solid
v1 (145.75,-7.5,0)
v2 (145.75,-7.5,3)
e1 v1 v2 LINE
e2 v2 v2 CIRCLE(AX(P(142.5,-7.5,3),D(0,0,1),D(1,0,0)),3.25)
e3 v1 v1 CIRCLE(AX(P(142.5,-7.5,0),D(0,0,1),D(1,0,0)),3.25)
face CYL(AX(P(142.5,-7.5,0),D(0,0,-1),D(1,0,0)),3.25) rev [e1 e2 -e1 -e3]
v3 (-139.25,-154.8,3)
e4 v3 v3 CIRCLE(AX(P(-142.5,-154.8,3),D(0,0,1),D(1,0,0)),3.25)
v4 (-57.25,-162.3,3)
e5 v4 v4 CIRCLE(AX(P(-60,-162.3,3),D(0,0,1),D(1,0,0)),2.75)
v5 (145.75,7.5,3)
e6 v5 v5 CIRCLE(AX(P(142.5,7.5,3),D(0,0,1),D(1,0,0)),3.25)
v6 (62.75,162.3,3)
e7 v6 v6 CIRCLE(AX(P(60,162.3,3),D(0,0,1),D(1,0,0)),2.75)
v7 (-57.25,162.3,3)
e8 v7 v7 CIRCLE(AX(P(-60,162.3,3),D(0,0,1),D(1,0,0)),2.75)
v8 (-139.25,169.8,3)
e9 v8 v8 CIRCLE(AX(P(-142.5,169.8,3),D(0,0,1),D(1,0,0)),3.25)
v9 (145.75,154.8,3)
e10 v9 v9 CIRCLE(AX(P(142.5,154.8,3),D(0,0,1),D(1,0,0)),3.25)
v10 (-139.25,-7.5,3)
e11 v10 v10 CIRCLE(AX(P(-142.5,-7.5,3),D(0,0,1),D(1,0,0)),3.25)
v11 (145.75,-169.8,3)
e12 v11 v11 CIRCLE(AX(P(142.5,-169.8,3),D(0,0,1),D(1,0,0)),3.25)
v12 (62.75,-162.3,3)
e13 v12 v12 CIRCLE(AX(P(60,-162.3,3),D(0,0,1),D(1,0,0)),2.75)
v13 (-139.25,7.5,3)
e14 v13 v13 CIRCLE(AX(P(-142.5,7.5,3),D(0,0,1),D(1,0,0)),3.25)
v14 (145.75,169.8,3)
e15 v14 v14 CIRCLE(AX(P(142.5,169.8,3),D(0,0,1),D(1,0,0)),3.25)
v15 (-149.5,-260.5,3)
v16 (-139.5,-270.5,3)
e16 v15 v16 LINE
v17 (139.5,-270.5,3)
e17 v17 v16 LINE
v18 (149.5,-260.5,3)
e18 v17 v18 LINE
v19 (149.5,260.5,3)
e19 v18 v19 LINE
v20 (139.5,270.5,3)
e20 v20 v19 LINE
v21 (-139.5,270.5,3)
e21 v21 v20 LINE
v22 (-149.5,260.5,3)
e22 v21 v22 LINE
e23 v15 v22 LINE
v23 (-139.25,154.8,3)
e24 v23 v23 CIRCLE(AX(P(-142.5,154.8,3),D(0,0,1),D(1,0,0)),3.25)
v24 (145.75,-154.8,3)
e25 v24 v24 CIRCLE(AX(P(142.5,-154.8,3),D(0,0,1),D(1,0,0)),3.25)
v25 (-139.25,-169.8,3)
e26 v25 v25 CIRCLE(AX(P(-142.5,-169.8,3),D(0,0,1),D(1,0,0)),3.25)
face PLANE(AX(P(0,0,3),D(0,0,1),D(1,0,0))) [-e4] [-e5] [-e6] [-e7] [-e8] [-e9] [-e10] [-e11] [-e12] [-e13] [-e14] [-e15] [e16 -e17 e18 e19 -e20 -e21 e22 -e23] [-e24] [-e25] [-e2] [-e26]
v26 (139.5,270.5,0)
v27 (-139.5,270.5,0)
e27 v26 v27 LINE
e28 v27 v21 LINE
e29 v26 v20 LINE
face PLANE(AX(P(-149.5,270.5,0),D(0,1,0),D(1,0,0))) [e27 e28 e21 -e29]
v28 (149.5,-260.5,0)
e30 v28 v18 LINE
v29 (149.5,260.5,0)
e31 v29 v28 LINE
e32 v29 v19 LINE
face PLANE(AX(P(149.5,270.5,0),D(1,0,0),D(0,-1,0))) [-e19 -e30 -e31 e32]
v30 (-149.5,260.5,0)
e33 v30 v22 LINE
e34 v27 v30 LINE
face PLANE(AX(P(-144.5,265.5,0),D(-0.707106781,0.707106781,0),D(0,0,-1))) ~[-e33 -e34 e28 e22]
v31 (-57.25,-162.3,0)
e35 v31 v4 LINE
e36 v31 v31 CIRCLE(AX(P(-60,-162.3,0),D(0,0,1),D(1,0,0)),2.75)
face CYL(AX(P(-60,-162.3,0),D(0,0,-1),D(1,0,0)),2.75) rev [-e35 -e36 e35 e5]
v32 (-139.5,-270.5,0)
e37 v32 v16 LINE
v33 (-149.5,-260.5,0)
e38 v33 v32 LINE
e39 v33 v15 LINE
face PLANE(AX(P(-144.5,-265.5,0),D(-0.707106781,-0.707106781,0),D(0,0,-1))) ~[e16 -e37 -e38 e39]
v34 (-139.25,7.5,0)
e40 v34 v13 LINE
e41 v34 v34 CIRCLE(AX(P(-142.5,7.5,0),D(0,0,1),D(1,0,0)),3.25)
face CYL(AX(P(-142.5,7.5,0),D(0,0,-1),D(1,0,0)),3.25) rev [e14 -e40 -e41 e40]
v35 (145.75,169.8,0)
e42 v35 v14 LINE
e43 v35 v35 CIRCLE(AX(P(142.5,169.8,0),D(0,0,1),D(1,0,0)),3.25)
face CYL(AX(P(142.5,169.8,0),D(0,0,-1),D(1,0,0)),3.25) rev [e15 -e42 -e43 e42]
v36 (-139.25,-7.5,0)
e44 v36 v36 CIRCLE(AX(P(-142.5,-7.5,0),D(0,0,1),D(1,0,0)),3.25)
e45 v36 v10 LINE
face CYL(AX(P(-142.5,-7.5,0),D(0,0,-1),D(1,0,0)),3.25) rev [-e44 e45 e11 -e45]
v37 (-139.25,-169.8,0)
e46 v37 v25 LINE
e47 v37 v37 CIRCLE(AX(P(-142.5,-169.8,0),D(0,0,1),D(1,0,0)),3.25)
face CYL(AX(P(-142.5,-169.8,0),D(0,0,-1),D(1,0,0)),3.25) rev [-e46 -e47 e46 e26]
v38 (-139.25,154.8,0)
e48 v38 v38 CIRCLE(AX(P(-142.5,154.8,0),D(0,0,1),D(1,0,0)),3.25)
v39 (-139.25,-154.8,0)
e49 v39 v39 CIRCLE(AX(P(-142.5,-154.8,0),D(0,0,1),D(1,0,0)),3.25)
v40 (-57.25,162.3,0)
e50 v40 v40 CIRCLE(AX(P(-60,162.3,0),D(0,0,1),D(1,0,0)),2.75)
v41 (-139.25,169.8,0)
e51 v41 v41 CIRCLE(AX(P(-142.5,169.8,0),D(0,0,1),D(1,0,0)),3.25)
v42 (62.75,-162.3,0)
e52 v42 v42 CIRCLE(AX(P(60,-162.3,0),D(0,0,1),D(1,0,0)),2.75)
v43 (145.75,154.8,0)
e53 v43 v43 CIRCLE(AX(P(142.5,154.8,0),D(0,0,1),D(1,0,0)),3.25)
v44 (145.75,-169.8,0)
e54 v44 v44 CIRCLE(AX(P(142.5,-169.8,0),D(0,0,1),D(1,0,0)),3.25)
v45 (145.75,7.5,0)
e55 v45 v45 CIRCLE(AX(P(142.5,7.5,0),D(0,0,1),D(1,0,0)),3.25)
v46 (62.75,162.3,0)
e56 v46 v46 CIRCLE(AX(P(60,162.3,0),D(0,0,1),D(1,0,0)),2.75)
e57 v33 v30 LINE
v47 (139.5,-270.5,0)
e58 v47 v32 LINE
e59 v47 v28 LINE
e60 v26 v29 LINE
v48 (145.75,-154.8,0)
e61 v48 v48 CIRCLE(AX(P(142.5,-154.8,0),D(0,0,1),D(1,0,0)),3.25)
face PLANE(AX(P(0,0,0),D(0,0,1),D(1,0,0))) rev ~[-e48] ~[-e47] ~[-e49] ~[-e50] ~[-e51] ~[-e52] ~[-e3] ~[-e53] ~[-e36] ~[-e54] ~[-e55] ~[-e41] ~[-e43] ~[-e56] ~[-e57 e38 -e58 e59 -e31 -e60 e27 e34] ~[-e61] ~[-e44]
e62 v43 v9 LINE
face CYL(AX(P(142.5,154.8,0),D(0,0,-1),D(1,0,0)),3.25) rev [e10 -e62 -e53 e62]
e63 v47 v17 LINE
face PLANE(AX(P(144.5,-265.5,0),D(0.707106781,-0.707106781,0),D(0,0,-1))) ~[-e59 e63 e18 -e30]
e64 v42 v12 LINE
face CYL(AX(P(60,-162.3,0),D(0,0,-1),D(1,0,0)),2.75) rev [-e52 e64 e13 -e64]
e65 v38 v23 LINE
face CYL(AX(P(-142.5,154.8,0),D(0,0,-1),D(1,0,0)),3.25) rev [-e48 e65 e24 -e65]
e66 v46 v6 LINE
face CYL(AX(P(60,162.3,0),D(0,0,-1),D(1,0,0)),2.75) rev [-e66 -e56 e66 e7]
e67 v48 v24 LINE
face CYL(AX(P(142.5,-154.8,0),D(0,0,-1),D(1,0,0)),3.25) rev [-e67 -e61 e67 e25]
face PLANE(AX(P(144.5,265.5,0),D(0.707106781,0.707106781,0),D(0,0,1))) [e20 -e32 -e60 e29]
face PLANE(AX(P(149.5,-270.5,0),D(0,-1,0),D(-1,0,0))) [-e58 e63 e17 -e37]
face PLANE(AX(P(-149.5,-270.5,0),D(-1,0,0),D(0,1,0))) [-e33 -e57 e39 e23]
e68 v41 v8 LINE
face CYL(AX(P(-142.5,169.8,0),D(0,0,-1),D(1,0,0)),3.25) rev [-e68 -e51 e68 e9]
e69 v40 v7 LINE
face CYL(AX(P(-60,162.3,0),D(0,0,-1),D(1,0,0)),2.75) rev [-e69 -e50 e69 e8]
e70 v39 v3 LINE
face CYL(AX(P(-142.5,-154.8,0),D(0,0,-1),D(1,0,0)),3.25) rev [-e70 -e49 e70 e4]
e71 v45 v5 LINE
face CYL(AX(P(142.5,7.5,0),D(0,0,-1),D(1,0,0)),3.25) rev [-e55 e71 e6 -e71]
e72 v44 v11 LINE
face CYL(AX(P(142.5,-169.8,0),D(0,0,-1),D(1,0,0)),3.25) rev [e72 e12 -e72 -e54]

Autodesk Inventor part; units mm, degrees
ref_plane "YZ Plane" through (0, 0, 0) normal (1, 0, 0) x (0, 1, 0)
ref_plane "XZ Plane" through (0, 0, 0) normal (0, 1, 0) x (-1, 0, 0)
ref_plane "XY Plane" through (0, 0, 0) normal (0, 0, 1) x (1, 0, 0)
sketch "Skizze1" plane through (0, 0, 0) normal (0, 0, 1) x (1, 0, 0)
  line L0 (-149.5, 270.5) -> (149.5, 270.5)
  line L1 (149.5, 270.5) -> (149.5, -270.5)
  line L2 (149.5, -270.5) -> (-149.5, -270.5)
  line L3 (-149.5, -270.5) -> (-149.5, 270.5)
  line L4 (-149.5, 270.5) -> (149.5, -270.5) construction
  line L5 (149.5, 270.5) -> (-149.5, -270.5) construction
  line L6 (-74.75, 270.5) -> (-74.75, -270.5) construction
  line L7 (0, 396.7) -> (0, -381.7) construction
  line L8 (-142.5, 270.5) -> (-142.5, -270.5) construction
  line L9 (-149.5, -162.3) -> (149.5, -162.3) construction
  circle A0 centre (-142.5, -154.8) radius 3.25
  circle A1 centre (-142.5, -169.8) radius 3.25
  line L10 (-222.3, 0) -> (287.3, 0) construction
  circle A2 centre (-142.5, 7.5) radius 3.25
  circle A3 centre (-142.5, -7.5) radius 3.25
  circle A4 centre (-142.5, 154.8) radius 3.25
  circle A5 centre (-142.5, 169.8) radius 3.25
  circle A6 centre (142.5, -154.8) radius 3.25
  circle A7 centre (142.5, -169.8) radius 3.25
  circle A8 centre (142.5, 7.5) radius 3.25
  circle A9 centre (142.5, -7.5) radius 3.25
  circle A10 centre (142.5, 169.8) radius 3.25
  circle A11 centre (142.5, 154.8) radius 3.25
  circle A12 centre (-60, -162.3) radius 2.75
  circle A13 centre (60, -162.3) radius 2.75
  circle A14 centre (-60, 162.3) radius 2.75
  circle A15 centre (60, 162.3) radius 2.75
  line L11 (214.5, 285.5) -> (84.5, 285.5) construction
  line L12 (84.5, 285.5) -> (84.5, 255.5)
  line L13 (84.5, 255.5) -> (214.5, 255.5)
  line L14 (214.5, 255.5) -> (214.5, 285.5) construction
  line L15 (214.5, 285.5) -> (84.5, 255.5) construction
  line L16 (84.5, 285.5) -> (214.5, 255.5) construction
  point P0 (0, 0)
  dimension "d0" = 541
  dimension "d1" = 299
  dimension "d2" = 74.75
  dimension "d3" = 7
  dimension "d4" = 108.2
  dimension "d5" = 6.5
  dimension "d6" = 7.5
  dimension "d7" = 6.5
  dimension "d8" = 7.5
  dimension "d9" = 7.5
  dimension "d10" = 6.5
  dimension "d11" = 5.5
  dimension "d12" = 60
  dimension "d15" = 130
  dimension "d16" = 15
extrude "Extrusion1" add sketch "Skizze1" along normal blind 3
chamfer "Fase1" distance 10 angle 45 4 edges at (149.5, 270.5, 1.5) (149.5, -270.5, 1.5) (-149.5, -270.5, 1.5) (-149.5, 270.5, 1.5)
equation "\"d2\" = 0.25 * d1"
equation "\"d4\" = 0.2 * d0"
equation "\"d7\" = d5"
equation "\"d8\" = d6"
equation "\"d9\" = d6"
equation "\"d10\" = d5"
properties part number "enc-BackPanel Unten"
